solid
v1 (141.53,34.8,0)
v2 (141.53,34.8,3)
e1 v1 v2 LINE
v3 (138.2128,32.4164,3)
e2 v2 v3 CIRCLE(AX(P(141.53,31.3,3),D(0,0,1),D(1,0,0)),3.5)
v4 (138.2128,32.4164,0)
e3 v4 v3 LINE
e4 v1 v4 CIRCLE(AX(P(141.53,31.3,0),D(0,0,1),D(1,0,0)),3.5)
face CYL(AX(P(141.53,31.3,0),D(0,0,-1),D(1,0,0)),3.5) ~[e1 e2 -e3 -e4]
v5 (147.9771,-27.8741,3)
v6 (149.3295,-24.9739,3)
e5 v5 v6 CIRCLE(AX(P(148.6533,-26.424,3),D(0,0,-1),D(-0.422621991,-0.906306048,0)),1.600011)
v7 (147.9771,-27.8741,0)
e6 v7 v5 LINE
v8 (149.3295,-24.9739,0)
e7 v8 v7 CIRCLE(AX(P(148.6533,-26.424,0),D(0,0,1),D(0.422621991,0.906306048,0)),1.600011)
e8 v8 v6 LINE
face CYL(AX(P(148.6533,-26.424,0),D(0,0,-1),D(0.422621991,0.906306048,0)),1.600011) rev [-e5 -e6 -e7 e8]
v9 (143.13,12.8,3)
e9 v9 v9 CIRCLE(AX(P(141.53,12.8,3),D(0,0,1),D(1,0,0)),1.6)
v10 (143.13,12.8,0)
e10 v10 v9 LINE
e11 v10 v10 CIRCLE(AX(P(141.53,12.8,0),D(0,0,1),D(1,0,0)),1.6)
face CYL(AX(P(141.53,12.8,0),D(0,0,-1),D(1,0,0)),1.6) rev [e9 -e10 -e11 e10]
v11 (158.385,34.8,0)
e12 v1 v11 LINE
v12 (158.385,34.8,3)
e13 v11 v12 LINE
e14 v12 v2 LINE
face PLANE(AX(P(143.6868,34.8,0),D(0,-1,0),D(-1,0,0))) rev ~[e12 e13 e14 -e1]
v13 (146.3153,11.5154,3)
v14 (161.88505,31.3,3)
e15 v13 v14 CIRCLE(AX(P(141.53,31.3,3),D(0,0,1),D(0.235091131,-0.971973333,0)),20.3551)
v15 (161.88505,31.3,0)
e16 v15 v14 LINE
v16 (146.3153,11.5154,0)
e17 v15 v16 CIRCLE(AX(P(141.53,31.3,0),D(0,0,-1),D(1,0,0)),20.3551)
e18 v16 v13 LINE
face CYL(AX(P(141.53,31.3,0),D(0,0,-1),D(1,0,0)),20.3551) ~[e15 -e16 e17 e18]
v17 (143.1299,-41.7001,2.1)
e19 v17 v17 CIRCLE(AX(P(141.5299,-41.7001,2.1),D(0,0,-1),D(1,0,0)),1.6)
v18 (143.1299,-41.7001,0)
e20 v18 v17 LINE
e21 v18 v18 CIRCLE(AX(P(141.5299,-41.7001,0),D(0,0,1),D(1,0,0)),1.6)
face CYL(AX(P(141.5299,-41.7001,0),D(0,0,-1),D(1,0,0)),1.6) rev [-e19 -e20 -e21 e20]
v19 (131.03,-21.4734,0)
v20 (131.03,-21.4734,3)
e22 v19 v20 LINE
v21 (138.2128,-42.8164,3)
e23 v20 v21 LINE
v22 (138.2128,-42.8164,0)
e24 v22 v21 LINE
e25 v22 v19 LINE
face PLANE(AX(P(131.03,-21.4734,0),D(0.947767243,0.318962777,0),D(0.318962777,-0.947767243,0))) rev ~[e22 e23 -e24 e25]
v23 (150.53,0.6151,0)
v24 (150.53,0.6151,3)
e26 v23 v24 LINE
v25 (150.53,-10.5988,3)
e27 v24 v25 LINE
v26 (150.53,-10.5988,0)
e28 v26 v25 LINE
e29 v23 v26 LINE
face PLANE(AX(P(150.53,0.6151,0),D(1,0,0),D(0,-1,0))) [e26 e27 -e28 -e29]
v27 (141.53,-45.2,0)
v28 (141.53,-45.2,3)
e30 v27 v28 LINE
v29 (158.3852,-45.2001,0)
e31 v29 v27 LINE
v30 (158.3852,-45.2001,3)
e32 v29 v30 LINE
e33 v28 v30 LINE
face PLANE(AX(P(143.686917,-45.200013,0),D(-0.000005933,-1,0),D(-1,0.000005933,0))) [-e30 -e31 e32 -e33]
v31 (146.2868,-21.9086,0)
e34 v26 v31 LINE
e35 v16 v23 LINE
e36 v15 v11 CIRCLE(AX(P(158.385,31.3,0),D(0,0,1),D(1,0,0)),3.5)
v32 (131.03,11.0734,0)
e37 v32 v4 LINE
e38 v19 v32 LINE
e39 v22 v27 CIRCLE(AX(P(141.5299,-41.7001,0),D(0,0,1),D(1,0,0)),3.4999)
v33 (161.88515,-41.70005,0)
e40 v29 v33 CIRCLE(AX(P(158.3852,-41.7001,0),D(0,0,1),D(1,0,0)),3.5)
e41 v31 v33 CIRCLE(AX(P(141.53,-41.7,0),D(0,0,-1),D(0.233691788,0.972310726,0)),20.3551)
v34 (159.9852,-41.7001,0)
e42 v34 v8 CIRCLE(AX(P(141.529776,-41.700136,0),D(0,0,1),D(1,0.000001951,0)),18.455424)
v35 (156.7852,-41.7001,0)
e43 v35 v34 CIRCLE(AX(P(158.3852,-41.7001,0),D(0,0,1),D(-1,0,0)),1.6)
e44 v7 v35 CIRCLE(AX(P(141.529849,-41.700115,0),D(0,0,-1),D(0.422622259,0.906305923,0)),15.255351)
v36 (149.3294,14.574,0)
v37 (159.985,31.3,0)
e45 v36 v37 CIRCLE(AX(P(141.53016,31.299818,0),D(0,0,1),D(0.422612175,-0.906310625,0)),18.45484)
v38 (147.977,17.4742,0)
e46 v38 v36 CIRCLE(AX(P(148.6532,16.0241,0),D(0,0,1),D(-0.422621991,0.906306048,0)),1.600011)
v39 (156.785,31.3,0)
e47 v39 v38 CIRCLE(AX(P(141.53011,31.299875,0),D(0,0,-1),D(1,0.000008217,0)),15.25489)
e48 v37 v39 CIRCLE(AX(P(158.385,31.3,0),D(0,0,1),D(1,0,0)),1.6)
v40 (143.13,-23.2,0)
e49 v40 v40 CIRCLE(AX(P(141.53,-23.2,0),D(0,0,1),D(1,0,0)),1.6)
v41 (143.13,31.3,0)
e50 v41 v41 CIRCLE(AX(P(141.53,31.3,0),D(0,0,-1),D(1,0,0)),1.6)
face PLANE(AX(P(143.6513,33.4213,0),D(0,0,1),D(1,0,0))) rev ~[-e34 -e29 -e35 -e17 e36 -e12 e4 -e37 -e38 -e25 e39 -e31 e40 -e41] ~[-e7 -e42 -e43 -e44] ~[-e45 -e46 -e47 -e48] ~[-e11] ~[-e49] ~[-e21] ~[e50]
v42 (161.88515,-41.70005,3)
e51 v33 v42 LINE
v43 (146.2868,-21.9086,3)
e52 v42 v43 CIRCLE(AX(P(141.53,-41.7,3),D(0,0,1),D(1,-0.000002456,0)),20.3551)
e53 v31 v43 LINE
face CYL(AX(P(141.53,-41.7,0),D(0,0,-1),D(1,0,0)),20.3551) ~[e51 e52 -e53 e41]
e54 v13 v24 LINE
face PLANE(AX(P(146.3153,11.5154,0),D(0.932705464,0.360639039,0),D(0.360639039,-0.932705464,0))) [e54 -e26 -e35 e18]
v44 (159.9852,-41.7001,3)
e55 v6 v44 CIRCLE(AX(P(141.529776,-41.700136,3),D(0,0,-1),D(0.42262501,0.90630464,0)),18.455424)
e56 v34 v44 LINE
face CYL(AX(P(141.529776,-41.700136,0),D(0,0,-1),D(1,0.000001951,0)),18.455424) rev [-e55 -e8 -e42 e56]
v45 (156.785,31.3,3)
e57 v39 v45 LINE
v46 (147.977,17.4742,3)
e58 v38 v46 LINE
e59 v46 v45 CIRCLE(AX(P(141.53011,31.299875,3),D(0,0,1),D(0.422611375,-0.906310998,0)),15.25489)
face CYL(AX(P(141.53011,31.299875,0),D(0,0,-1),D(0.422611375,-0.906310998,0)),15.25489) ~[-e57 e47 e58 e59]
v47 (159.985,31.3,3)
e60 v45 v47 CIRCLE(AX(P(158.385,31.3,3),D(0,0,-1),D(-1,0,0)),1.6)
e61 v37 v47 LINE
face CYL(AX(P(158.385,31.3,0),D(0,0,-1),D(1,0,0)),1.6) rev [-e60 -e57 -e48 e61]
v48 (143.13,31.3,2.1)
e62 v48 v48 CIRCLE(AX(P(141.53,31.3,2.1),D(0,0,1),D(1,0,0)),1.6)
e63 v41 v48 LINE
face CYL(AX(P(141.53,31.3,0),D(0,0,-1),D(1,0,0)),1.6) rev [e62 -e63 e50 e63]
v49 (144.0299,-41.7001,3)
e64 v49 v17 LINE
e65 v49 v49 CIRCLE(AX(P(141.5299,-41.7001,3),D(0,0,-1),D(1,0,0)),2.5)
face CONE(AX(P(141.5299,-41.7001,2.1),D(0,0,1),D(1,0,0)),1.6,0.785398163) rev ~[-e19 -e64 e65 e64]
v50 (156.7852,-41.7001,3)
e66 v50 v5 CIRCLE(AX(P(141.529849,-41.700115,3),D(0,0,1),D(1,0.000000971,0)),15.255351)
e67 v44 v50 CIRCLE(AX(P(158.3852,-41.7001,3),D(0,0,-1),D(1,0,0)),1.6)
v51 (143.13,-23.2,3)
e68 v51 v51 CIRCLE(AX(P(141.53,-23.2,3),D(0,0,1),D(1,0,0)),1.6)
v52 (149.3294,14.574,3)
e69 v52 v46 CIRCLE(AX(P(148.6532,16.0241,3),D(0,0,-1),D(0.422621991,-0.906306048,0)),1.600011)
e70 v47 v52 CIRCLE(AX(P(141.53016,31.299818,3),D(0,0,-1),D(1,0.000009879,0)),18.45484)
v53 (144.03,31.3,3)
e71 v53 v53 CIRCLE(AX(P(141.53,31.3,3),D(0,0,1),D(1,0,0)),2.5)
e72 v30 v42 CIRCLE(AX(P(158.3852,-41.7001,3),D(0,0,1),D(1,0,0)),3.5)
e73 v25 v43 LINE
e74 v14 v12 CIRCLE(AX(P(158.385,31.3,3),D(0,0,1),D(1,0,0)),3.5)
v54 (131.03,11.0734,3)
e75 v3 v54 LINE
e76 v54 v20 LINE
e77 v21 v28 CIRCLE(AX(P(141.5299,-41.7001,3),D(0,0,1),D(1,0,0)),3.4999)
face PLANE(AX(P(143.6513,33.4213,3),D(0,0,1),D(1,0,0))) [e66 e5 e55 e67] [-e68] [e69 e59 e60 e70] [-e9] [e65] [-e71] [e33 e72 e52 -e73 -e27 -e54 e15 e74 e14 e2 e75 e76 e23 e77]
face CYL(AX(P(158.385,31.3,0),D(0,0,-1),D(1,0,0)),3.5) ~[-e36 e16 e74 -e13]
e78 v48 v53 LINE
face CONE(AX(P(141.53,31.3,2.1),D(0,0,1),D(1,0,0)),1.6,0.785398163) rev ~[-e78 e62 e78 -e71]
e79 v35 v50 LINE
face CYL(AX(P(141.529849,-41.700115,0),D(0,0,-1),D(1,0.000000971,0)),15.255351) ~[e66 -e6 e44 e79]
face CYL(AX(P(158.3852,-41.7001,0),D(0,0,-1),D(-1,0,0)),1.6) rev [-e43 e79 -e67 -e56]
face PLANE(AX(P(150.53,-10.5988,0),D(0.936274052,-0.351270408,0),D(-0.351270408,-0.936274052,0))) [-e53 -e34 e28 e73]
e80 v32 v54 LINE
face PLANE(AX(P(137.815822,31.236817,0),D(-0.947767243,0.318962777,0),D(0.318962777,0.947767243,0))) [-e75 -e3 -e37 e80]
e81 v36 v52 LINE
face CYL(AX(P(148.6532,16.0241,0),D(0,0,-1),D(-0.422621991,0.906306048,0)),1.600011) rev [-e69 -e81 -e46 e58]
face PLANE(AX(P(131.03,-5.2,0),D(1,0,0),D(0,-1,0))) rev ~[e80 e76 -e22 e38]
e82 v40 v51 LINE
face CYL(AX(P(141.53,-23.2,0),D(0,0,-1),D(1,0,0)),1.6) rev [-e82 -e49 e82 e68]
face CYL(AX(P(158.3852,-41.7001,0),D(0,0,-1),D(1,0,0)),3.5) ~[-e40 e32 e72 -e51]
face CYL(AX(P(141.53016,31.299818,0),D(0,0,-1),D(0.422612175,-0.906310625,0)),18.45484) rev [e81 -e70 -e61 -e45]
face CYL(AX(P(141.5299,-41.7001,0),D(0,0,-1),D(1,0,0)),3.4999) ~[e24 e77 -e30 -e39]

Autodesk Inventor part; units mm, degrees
ref_plane "YZ Plane" through (0, 0, 0) normal (1, 0, 0) x (0, 1, 0)
ref_plane "XZ Plane" through (0, 0, 0) normal (0, 1, 0) x (-1, 0, 0)
ref_plane "XY Plane" through (0, 0, 0) normal (0, 0, 1) x (1, 0, 0)
ref_plane "РабПлоскость1" through (143.6513, 33.4213, 0) normal (0, 0, 1) x (1, 0, 0)
sketch "Эскиз1" plane through (143.6513, 33.4213, 0) normal (0, 0, 1) x (1, 0, 0)
  line L0 (-148.6513, -34.4651) -> (-94.5662, -34.4651) projected
  circle A0 centre (-2.1213, -2.1213) radius 3.5
  line L1 (1.3787, -2.1213) -> (1.3787, -75.1213)
  line L2 (-5.6213, -75.1213) -> (-5.6213, -2.1213)
  line L3 (-5.6213, -2.7558) -> (-5.6213, -2.1213) projected
  arc A1 (-5.6213, -2.1213) -> (-4.5962, -4.5962) centre (-2.1213, -2.1213) ccw projected
  line L4 (-4.5962, -4.5962) -> (7.3221, -16.5145) projected
  arc A2 (7.3221, -16.5145) -> (12.5466, -11.8741) centre (9.797, -14.0396) ccw projected
  line L5 (12.5466, -11.8741) -> (9.797, -8.3828) projected
  line L6 (9.797, -8.3828) -> (-8.3828, 9.797) projected
  line L7 (-8.3828, 9.797) -> (-9.797, 8.3828) projected
  line L8 (-9.797, 8.3828) -> (-5.6213, -2.7558) projected
  circle A3 centre (-2.1213, -2.1213) radius 1.6 projected
  circle A4 centre (9.797, -14.0396) radius 1.6 projected
  circle A5 centre (-2.1213, -2.1213) radius 16.8551
  line L9 (-2.1213, -2.1213) -> (14.7337, -2.1213)
  line L10 (-2.1213, -2.1213) -> (5.0019, -17.3972)
  line L11 (-2.1213, -2.1213) -> (14.7337, -2.1213) construction
  arc A6 (5.0019, -17.3972) -> (14.7337, -2.1213) centre (-2.1213, -2.1213) ccw construction
  arc A7 (5.6781, -18.8473) -> (16.3337, -2.1213) centre (-2.1213, -2.1213) ccw
  arc A8 (4.3257, -15.9471) -> (13.1337, -2.1213) centre (-2.1213, -2.1213) ccw
  arc A9 (4.3257, -15.9471) -> (5.6781, -18.8473) centre (5.0019, -17.3972) ccw
  arc A10 (16.3337, -2.1213) -> (13.1337, -2.1213) centre (14.7337, -2.1213) ccw
  circle A11 centre (14.7337, -2.1213) radius 3.5
  circle A12 centre (-2.1213, -2.1213) radius 20.3551
  circle A13 centre (-2.1213, -75.1213) radius 20.3551
  line L12 (14.7337, 1.3787) -> (-2.1213, 1.3787)
  line L13 (-5.6213, -38.6213) -> (-12.6213, -38.6213)
  line L14 (2.664, -21.9059) -> (6.8787, -32.8062)
  line L15 (6.8787, -32.8062) -> (6.8787, -44.0201)
  line L16 (6.8787, -44.0201) -> (2.6355, -55.3299)
  line L17 (-12.6213, -38.6213) -> (-12.6213, -54.8947)
  line L18 (-12.6213, -54.8947) -> (-5.6213, -59.1452)
  line L19 (-12.6213, -38.6213) -> (-12.6213, -22.3479)
  line L20 (-12.6213, -22.3479) -> (-5.6213, -18.072)
  circle A14 centre (9.7969, -63.2026) radius 1.6 projected
  circle A15 centre (-2.1214, -75.1214) radius 16.8553
  line L21 (-2.1214, -75.1214) -> (5.002, -59.8453)
  line L22 (-2.1214, -75.1214) -> (14.7339, -75.1214) construction
  line L23 (-2.1214, -75.1214) -> (14.7339, -75.1214)
  arc A16 (14.7339, -75.1214) -> (5.002, -59.8453) centre (-2.1214, -75.1214) ccw construction
  arc A17 (16.3339, -75.1214) -> (5.6782, -58.3952) centre (-2.1214, -75.1214) ccw
  arc A18 (13.1339, -75.1214) -> (4.3258, -61.2954) centre (-2.1214, -75.1214) ccw
  arc A19 (13.1339, -75.1214) -> (16.3339, -75.1214) centre (14.7339, -75.1214) ccw
  arc A20 (5.6782, -58.3952) -> (4.3258, -61.2954) centre (5.002, -59.8453) ccw
  circle A21 centre (14.7339, -75.1214) radius 3.5
  line L24 (14.7339, -78.6214) -> (-2.1213, -78.6213)
  line L25 (-8.3825, -87.0398) -> (9.7969, -68.8596) projected
  line L26 (9.7969, -68.8596) -> (12.5465, -65.3681) projected
  arc A22 (12.5465, -65.3681) -> (7.3219, -60.7278) centre (9.7969, -63.2026) ccw projected
  line L27 (7.3219, -60.7278) -> (-4.5962, -72.6465) projected
  arc A23 (-4.5962, -72.6465) -> (-5.3987, -73.8929) centre (-2.1214, -75.1214) ccw projected
  line L28 (-5.3987, -73.8929) -> (-9.7968, -85.6256) projected
  line L29 (-9.7968, -85.6256) -> (-8.3825, -87.0398) projected
  circle A24 centre (9.7969, -63.2026) radius 1.6 projected
  circle A25 centre (-2.1214, -75.1214) radius 1.6 projected
  circle A26 centre (-2.1214, -75.1214) radius 3.4999
  line L30 (-12.6213, -22.3479) -> (-5.4385, -1.0049)
  line L31 (-12.6213, -54.8947) -> (-5.4385, -76.2377)
  ellipse E0 centre (-92.9013, -13.3149) end of major axis (-92.9013, -38.7397) minor radius 3 (-94.5662, -34.4651) -> (-93.1905, -38.6213) ccw projected
  line L32 (-148.6513, -42.7775) -> (-148.6513, -34.4651) projected
  line L33 (-94.5662, -42.7775) -> (-148.6513, -42.7775) projected
  ellipse E1 centre (-92.9013, -63.9277) end of major axis (-92.9013, -38.5029) minor radius 3 (-93.1905, -38.6213) -> (-94.5662, -42.7775) ccw projected
  circle A27 centre (-2.1213, -56.6213) radius 1.6
  circle A28 centre (-2.1213, -20.6213) radius 1.6
  point P0 (-143.6513, -33.4213)
  point P1 (1.3787, -2.1213)
  point P2 (14.3665, -78.6214)
  point P3 (14.3706, -78.6025)
  point P4 (18.2337, -75.1631)
  point P5 (1.3787, -55.0694)
  point P6 (1.3787, -22.1732)
  point P7 (18.2337, -2.1213)
  point P8 (14.3703, 1.3598)
  point P9 (14.3663, 1.3787)
  point P10 (1.3787, -67.6155)
  point P11 (4.3258, -61.2954)
  point P12 (12.8465, -72.1739)
  point P13 (1.3787, -18.609)
  point P14 (1.3787, -58.6335)
  point P15 (-2.1213, -78.6213)
  point P16 (4.3258, -61.2954)
  point P17 (-5.8355, -75.0581)
  point P18 (-5.6213, -74.4868)
  point P19 (-5.8355, -2.1845)
  point P20 (-5.6213, -22.1732)
  point P21 (-5.6213, -55.0694)
  point P22 (-10.1295, -56.4078)
  point P23 (-5.6213, -58.6334)
  point P24 (-2.1213, -78.6213)
  dimension "d6" = 7
  dimension "d10" = 7
  dimension "d3" = 65
  dimension "d7" = 7
  dimension "d9" = 65
extrude "Выдавливание1" add sketch "Эскиз1" along normal blind 3 contours L9 A3 L10 A0 | L1 L10 A0 | L9 L6 L5 A8 L4 L10 L1 | A0 L10 A3 L9 | A0 L12 L6 L9 | L10 L1 L4 A0 | L10 L4 L1 | L9 A11 A8 L5 L6 | L6 L12 A5 A11 L9 | A0 L2 L8 L30 | L4 L1 A5 L2 A0 | L4 L10 A9 A5 L1 | L4 A8 L10 | A11 A5 A10 L9 | L9 A8 A11 | L8 L2 L20 A5 L30 | L12 A11 A5 | A5 A9 A7 A2 A12 L1 | L1 A12 L2 A5 | A11 A7 A10 A5 | A5 L20 A12 L30 | A12 L14 L15 L16 A13 L1 | L1 A13 L2 A12 | A5 L20 L2 | L2 A12 L20 A5 | A12 L20 L30 | A12 A2 A7 A11 | A13 A22 A17 A20 A15 L1 | L1 A15 L2 A13 | L2 L13 L19 L20 A12 | A2 A7 | A15 A20 L21 L27 L1 | L1 L27 A23 L28 L2 A15 | A13 L18 L17 L13 L2 | L2 A15 L18 A13 | L27 L21 L1 | L1 L21 A26 L27 | L2 L18 A15 | A13 A21 A17 A22 | A22 A17 | L18 A15 L31 A13 | A13 L31 L18 | L21 L27 A18 L26 L25 L23 L1 | L1 A26 L21 | L21 A18 L27 | A26 L21 A25 L23 A23 | L2 L28 L31 A15 L18 | A21 A15 A19 A17 | L23 L25 L24 A26 | L23 A25 L21 A26 | A26 L2 L28 | L2 A26 L31 L28 | L24 A15 A21 | L25 L26 A18 A21 L23 | L23 A21 A15 L24 L25 | A21 L23 A19 A15 | A21 A18 L23 picked at (16.9237, -2.7577) picked at (16.9239, -74.485)
chamfer "Фаска1" distance 0.9 angle 45 2 edges at (139.93, 31.3, 3) (139.9299, -41.7001, 3)
properties part number "laser_krepl_2"
